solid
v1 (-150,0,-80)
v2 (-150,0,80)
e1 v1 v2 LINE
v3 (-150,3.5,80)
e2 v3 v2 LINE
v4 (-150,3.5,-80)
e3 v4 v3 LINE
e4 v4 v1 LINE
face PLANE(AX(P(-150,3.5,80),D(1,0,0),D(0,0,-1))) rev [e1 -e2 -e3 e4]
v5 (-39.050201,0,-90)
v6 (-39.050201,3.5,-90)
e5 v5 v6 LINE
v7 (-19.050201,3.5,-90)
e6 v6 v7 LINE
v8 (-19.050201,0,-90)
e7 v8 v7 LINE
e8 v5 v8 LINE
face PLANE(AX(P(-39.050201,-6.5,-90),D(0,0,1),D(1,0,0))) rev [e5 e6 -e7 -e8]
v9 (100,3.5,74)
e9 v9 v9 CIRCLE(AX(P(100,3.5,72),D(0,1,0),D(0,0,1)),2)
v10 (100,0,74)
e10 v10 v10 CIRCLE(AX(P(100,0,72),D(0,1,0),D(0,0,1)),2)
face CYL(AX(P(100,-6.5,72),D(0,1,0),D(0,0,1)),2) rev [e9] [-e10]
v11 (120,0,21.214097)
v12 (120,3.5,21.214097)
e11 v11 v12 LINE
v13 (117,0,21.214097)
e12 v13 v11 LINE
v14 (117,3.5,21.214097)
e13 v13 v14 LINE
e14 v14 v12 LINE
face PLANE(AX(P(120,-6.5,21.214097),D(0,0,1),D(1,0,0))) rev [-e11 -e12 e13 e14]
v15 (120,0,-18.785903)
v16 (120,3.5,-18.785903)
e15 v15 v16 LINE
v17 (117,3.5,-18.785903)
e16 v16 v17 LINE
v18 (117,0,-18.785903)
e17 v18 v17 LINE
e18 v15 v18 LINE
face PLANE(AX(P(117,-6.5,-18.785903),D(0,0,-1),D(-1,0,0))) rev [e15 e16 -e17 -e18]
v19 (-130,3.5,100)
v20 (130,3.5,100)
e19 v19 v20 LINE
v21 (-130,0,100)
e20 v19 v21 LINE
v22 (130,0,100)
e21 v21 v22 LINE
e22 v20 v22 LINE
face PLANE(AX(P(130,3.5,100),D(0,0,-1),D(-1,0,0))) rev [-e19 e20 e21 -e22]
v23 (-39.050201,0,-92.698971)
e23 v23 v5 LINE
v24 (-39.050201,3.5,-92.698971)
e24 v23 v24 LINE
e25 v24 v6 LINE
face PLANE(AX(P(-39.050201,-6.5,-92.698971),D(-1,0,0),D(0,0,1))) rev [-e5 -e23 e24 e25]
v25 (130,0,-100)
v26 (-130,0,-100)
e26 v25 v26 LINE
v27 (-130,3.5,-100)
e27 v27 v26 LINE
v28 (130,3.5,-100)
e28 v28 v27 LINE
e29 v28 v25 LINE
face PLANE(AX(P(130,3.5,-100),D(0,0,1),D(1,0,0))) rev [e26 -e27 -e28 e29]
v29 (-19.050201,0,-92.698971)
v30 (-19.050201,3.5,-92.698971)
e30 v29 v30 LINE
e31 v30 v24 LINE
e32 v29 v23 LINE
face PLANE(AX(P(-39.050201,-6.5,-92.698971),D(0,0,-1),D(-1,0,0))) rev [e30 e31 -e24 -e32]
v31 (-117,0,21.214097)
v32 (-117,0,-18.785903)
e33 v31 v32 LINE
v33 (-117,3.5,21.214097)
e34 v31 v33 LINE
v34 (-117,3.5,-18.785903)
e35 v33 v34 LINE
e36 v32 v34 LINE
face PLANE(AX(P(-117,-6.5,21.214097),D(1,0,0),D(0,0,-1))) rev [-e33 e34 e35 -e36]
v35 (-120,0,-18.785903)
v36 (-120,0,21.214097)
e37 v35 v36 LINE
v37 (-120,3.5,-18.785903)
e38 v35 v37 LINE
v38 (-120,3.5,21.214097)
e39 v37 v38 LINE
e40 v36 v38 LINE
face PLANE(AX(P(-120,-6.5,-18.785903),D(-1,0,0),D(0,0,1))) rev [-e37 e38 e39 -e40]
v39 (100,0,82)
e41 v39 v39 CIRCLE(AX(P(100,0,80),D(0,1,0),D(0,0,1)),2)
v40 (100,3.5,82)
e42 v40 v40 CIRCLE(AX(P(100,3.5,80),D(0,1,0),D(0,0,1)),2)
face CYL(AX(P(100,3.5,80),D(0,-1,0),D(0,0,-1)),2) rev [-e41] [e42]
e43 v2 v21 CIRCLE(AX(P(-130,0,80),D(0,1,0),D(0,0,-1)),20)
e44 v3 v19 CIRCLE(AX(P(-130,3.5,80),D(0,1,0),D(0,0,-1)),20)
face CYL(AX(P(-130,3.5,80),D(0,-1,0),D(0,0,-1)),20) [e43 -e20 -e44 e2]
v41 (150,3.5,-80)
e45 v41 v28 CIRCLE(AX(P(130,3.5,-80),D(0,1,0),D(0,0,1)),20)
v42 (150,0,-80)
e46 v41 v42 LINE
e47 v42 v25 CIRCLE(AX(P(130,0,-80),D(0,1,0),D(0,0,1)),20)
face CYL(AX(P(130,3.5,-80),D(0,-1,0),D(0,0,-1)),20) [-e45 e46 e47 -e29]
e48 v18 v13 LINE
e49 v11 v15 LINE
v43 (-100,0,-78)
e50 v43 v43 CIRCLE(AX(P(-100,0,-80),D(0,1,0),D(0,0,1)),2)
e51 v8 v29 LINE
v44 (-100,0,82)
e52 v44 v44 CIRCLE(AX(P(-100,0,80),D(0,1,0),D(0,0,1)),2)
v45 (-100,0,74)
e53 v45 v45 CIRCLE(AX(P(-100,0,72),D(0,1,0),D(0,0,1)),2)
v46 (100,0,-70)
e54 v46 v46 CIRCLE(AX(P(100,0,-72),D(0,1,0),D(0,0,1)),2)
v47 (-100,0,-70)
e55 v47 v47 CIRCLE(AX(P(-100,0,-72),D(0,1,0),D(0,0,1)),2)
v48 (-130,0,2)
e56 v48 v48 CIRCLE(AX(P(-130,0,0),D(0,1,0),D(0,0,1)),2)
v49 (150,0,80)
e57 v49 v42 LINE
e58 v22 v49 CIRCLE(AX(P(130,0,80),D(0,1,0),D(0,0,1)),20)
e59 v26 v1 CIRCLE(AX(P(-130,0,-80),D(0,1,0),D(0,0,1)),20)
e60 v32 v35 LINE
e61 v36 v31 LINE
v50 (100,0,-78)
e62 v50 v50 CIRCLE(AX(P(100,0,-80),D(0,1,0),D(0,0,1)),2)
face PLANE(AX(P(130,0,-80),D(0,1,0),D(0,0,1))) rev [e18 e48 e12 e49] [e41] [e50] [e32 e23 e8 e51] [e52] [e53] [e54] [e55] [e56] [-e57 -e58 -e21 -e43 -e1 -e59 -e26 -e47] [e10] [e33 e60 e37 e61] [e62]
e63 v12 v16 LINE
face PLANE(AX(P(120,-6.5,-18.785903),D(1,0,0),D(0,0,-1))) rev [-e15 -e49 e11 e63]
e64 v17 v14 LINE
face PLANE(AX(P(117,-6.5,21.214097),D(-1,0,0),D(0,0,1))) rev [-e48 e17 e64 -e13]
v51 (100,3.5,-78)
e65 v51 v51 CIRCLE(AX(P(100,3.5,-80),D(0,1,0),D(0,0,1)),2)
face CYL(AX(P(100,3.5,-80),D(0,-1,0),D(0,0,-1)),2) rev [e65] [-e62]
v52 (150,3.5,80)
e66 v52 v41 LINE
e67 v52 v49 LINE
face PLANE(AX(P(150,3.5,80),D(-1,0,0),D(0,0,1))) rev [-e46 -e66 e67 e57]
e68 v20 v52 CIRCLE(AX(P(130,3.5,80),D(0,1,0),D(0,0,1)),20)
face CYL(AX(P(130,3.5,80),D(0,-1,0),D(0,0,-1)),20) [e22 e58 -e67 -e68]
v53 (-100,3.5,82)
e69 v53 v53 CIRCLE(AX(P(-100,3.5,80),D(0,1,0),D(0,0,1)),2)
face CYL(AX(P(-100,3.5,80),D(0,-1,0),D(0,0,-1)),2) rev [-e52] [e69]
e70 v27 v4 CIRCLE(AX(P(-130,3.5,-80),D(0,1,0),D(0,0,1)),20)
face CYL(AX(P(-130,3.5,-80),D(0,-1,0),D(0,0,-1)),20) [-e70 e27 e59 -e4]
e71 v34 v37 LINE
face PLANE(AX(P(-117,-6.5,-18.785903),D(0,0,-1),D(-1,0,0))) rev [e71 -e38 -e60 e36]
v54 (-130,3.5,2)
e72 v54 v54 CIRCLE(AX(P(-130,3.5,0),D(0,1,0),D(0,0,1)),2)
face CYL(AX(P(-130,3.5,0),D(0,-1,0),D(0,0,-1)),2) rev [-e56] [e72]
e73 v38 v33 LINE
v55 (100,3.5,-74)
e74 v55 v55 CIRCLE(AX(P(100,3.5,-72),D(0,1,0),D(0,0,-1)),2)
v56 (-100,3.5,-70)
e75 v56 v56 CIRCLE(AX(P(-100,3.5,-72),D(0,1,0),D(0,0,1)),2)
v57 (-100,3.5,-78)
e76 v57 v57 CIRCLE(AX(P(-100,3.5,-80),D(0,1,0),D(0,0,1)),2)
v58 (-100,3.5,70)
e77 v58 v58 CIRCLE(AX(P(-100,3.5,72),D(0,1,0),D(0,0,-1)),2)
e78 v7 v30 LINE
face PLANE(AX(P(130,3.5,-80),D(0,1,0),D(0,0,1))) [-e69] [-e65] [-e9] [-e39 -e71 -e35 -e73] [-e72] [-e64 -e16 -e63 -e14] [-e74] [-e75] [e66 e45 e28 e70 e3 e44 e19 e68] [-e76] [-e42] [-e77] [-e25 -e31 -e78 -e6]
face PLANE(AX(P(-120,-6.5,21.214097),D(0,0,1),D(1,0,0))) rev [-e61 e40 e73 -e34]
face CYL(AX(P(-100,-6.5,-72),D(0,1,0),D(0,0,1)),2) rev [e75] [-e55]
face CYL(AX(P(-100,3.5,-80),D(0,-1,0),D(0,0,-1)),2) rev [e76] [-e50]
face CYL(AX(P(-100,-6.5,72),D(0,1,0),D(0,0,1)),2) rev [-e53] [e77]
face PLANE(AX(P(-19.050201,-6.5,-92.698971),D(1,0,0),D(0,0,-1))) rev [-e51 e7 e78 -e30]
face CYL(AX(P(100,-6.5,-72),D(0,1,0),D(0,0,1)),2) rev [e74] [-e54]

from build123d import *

# Parameters (mm, degrees)
SKETCH1_R           = 2
BOSS_EXTRUDE1_DEPTH = 3.5
SKETCH3_R           = 2
SKETCH3_W           = 3
SKETCH3_H           = 40
SKETCH3_W_2         = 20
SKETCH3_H_2         = 2.698971111
CUT_EXTRUDE2_DEPTH  = 10


with BuildPart() as part:
    # Sketch1 → Boss-Extrude1 (new body)
    with BuildSketch(Plane(origin=(0, 0, 0), x_dir=(1, 0, 0), z_dir=(0, 1, 0))):
        with BuildLine():
            Line((130, -100), (-130, -100))
            ThreePointArc((-130, -100), (-144.142135624, -94.142135624), (-150, -80))
            Line((-150, -80), (-150, 80))
            ThreePointArc((-150, 80), (-144.142135624, 94.142135624), (-130, 100))
            Line((-130, 100), (130, 100))
            ThreePointArc((130, 100), (144.142135624, 94.142135624), (150, 80))
            Line((150, 80), (150, -80))
            ThreePointArc((150, -80), (144.142135624, -94.142135624), (130, -100))
        make_face()
        with Locations((-100, 80)):
            Circle(SKETCH1_R, mode=Mode.SUBTRACT)
        with Locations((100, 80)):
            Circle(SKETCH1_R, mode=Mode.SUBTRACT)
        with Locations((100, -80)):
            Circle(SKETCH1_R, mode=Mode.SUBTRACT)
        with Locations((-100, -80)):
            Circle(SKETCH1_R, mode=Mode.SUBTRACT)
        with Locations((-130, 0)):
            Circle(SKETCH1_R, mode=Mode.SUBTRACT)
    extrude(amount=BOSS_EXTRUDE1_DEPTH)

    # Sketch3 → Cut-Extrude2 (cut)
    with BuildSketch(Plane(origin=(0, 3.5, 0), x_dir=(1, 0, 0), z_dir=(0, 1, 0))):
        with Locations((-100, 72)):
            Circle(SKETCH3_R)
        with Locations((-100, -72)):
            Circle(SKETCH3_R)
        with Locations((100, -72)):
            Circle(SKETCH3_R)
        with Locations((100, 72)):
            Circle(SKETCH3_R)
        with Locations((-118.5, -1.214097356)):
            Rectangle(SKETCH3_W, SKETCH3_H)
        with Locations((118.5, -1.214097356)):
            Rectangle(SKETCH3_W, SKETCH3_H)
        with Locations((-29.050201182, 91.349485555)):
            Rectangle(SKETCH3_W_2, SKETCH3_H_2)
    extrude(amount=-CUT_EXTRUDE2_DEPTH, mode=Mode.SUBTRACT)


solid = part.part
